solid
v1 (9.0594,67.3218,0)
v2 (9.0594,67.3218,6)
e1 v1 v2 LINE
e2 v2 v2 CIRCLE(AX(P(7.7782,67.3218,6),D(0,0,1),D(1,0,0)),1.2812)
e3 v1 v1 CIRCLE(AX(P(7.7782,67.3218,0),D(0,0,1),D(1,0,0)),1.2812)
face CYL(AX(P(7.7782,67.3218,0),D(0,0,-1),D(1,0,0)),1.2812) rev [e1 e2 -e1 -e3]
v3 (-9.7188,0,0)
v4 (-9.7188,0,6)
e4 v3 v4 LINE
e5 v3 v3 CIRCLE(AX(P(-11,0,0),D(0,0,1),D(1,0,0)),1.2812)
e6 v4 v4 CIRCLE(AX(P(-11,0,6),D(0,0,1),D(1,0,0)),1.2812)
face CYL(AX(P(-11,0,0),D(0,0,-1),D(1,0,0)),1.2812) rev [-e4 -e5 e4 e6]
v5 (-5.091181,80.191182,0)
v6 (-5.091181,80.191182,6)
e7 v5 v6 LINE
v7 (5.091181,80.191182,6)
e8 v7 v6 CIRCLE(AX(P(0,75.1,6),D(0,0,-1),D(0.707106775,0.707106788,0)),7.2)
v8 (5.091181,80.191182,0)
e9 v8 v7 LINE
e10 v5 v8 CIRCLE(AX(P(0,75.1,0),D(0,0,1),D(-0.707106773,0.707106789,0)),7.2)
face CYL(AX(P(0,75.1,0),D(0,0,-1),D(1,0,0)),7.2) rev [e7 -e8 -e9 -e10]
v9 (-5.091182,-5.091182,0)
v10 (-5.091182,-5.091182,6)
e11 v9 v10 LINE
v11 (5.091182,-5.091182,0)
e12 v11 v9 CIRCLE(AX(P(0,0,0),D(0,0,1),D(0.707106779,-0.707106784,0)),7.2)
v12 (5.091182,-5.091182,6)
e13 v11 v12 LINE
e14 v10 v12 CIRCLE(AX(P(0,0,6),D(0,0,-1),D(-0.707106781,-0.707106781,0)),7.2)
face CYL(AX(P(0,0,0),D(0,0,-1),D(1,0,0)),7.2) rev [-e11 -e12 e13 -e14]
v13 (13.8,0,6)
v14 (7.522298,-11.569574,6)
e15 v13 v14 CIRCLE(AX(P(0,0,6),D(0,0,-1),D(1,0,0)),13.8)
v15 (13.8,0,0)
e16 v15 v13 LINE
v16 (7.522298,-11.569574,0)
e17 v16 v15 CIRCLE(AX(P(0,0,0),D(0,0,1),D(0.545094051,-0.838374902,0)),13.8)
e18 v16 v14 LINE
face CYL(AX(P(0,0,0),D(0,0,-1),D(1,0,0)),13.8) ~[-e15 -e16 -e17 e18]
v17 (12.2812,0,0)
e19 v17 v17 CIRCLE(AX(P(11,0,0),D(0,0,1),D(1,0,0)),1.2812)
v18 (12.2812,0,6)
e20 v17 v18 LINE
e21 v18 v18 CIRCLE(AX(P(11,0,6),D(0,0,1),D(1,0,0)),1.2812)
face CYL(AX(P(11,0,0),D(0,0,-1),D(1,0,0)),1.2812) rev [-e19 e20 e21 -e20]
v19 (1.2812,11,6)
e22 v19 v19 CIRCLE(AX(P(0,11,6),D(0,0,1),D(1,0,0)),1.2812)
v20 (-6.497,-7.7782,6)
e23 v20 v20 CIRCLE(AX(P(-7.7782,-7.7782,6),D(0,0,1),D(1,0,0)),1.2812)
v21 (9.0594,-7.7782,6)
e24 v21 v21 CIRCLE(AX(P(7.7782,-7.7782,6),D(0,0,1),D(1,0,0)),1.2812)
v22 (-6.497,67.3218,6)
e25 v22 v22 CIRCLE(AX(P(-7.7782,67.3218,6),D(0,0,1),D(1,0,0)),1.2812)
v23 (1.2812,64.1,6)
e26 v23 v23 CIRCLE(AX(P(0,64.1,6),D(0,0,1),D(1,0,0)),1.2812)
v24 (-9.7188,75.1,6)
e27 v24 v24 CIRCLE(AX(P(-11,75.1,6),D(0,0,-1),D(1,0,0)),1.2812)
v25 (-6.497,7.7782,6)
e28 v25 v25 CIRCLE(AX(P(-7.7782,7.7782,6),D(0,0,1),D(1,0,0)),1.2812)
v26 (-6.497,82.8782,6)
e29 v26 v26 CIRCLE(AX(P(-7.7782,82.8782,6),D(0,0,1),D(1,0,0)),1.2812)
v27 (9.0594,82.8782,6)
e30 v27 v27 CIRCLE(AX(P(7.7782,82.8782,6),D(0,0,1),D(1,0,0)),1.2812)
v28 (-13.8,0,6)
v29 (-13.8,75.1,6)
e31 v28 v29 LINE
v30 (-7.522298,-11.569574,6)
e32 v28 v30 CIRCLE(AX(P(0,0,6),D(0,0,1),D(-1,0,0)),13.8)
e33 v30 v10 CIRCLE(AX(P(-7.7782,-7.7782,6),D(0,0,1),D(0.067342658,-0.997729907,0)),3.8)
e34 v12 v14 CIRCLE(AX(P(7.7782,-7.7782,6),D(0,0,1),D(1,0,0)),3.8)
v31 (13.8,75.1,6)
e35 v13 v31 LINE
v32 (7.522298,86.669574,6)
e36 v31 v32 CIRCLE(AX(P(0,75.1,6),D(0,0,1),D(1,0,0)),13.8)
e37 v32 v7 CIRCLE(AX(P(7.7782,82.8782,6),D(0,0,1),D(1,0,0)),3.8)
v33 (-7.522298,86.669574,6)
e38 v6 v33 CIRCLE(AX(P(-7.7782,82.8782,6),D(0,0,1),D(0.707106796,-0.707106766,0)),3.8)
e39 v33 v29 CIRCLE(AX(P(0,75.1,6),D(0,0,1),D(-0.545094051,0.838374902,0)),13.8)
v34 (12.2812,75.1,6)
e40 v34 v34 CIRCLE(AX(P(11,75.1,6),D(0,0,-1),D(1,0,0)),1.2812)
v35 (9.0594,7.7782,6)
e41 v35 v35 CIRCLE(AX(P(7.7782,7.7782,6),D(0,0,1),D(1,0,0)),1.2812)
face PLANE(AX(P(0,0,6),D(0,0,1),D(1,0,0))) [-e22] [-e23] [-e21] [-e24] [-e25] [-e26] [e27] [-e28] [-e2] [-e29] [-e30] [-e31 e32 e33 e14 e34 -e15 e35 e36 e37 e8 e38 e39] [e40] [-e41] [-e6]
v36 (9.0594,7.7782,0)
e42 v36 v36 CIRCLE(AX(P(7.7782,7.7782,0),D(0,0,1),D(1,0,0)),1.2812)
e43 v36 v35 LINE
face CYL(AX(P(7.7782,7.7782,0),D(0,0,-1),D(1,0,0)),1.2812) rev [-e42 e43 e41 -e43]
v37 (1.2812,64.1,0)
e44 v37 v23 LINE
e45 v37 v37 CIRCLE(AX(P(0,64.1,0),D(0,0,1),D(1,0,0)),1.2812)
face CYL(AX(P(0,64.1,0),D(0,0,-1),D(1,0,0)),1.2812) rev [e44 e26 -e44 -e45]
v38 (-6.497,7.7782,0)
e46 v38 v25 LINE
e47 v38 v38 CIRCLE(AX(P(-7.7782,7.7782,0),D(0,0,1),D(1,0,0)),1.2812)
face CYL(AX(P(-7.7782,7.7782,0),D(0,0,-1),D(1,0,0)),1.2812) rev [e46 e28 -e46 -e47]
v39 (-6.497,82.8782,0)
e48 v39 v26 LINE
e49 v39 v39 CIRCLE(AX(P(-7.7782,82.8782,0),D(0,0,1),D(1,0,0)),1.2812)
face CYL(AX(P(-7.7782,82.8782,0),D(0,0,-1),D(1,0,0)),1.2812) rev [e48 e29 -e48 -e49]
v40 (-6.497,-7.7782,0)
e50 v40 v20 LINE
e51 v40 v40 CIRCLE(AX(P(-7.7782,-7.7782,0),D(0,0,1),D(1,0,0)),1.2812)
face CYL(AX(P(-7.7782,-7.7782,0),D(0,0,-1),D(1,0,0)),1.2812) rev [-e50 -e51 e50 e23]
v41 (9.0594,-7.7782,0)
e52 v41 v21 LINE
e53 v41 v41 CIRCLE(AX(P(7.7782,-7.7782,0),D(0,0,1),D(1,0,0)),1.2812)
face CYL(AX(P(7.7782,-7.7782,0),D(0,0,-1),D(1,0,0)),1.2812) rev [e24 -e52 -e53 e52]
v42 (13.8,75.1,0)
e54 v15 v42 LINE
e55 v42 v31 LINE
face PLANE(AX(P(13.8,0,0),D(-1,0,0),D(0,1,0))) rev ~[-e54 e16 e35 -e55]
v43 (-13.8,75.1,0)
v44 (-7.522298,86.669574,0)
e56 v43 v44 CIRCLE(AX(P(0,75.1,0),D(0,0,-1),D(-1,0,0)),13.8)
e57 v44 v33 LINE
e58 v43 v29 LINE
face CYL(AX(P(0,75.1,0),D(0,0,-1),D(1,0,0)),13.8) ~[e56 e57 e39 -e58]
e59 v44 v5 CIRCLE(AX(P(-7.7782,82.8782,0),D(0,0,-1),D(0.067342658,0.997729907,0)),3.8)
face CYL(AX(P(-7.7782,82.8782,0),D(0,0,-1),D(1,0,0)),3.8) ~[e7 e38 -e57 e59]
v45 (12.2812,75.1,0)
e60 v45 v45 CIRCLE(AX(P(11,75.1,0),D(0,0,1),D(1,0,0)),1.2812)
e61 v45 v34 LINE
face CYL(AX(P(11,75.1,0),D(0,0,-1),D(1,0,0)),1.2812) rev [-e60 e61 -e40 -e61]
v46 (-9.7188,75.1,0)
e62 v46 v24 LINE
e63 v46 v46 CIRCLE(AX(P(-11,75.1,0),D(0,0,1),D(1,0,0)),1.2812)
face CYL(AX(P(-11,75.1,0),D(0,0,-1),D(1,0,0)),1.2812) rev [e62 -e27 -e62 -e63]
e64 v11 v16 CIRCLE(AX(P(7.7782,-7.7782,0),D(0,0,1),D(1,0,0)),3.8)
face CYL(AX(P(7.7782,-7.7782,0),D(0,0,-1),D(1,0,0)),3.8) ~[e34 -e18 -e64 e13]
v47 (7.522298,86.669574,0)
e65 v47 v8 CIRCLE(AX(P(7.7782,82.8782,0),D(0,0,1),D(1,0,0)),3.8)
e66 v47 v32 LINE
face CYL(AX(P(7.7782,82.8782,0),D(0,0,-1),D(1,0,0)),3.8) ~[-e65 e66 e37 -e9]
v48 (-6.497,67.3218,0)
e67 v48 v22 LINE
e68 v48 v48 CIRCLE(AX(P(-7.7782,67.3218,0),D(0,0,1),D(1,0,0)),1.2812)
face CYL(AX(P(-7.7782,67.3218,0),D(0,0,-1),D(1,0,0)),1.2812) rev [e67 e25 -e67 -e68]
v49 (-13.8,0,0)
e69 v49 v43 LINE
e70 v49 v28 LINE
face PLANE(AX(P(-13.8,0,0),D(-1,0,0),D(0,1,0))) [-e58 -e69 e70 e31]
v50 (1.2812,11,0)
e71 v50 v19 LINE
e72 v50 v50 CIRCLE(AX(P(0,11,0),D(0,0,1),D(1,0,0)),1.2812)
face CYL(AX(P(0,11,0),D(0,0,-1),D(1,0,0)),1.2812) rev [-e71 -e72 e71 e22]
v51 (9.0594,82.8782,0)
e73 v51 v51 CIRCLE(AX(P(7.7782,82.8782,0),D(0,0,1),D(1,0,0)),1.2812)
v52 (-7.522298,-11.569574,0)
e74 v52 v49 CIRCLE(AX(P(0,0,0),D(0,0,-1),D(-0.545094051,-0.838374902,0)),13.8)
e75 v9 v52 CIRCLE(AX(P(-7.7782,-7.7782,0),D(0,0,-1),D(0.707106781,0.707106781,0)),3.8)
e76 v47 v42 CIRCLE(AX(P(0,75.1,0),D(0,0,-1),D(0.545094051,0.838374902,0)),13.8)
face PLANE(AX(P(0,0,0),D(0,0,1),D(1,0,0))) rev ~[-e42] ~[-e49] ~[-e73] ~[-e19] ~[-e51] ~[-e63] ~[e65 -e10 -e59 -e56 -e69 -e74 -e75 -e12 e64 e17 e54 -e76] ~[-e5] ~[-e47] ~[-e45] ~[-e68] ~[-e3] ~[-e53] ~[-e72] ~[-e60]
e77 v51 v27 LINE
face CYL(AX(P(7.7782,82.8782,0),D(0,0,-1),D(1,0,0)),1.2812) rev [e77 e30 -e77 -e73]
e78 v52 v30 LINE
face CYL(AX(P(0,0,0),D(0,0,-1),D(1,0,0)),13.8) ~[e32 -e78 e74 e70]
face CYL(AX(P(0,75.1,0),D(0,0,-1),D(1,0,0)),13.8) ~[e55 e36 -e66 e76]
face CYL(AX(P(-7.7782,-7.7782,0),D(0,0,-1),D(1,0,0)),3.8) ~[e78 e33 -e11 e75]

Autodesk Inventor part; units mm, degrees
ref_plane "YZ Plane" through (0, 0, 0) normal (1, 0, 0) x (0, 1, 0)
ref_plane "XZ Plane" through (0, 0, 0) normal (0, 1, 0) x (-1, 0, 0)
ref_plane "XY Plane" through (0, 0, 0) normal (0, 0, 1) x (1, 0, 0)
sketch "스케치1" plane through (0, 0, 0) normal (0, 0, 1) x (1, 0, 0)
  circle A0 centre (0, 0) radius 13.8 projected
  circle A1 centre (0, 0) radius 7.2 projected
  circle A2 centre (0, -11) radius 1.2812 projected
  circle A3 centre (-7.7782, -7.7782) radius 1.2812 projected
  circle A4 centre (-11, 0) radius 1.2812 projected
  circle A5 centre (-7.7782, 7.7782) radius 1.2812 projected
  circle A6 centre (0, 11) radius 1.2812 projected
  circle A7 centre (7.7782, 7.7782) radius 1.2812 projected
  circle A8 centre (11, 0) radius 1.2812 projected
  circle A9 centre (7.7782, -7.7782) radius 1.2812 projected
  circle A10 centre (0, 75.1) radius 13.8 projected
  circle A11 centre (0, 75.1) radius 7.2 projected
  circle A12 centre (0, 64.1) radius 1.2812 projected
  circle A13 centre (-7.7782, 67.3218) radius 1.2812 projected
  circle A14 centre (-11, 75.1) radius 1.2812 projected
  circle A15 centre (-7.7782, 82.8782) radius 1.2812 projected
  circle A16 centre (0, 86.1) radius 1.2812 projected
  circle A17 centre (7.7782, 82.8782) radius 1.2812 projected
  circle A18 centre (11, 75.1) radius 1.2812 projected
  circle A19 centre (7.7782, 67.3218) radius 1.2812 projected
  circle A20 centre (7.7782, -7.7782) radius 3.8
  circle A21 centre (-7.7782, -7.7782) radius 3.8
  line L0 (-113.808, 75.1) -> (55.228, 75.1)
  line L1 (13.8, 0) -> (13.8, 75.1)
  line L2 (-13.8, 0) -> (-13.8, 75.1)
  circle A22 centre (7.7782, 82.8782) radius 3.8
  circle A23 centre (-7.7782, 82.8782) radius 3.8
  point P0 (0, 0)
  point P1 (5.0912, -5.0912)
  point P2 (7.5223, -11.5696)
  point P3 (7.5223, 86.6696)
  point P4 (5.0912, 80.1912)
  point P5 (-5.0912, 80.1912)
  point P6 (-7.5223, 86.6696)
  point P7 (-7.5223, -11.5696)
  point P8 (-5.0912, -5.0912)
extrude "돌출1" add sketch "스케치1" along normal blind 6 contours A0 A20 A1 A21 | A0 L2 A10 L1 | A0 A20 | L0 A18 A11 A22 A10 | A10 L0 A14 A11 A18 | A21 A0 | A10 A23 A11 L0 A14 | A22 A10 | A10 A23 picked at (4.2604, 10.6567) picked at (10.3474, -8.1187) picked at (-10.3474, -8.1187) picked at (10.3474, 83.2187) picked at (-10.3474, 83.2187)
properties part number "_shim"
